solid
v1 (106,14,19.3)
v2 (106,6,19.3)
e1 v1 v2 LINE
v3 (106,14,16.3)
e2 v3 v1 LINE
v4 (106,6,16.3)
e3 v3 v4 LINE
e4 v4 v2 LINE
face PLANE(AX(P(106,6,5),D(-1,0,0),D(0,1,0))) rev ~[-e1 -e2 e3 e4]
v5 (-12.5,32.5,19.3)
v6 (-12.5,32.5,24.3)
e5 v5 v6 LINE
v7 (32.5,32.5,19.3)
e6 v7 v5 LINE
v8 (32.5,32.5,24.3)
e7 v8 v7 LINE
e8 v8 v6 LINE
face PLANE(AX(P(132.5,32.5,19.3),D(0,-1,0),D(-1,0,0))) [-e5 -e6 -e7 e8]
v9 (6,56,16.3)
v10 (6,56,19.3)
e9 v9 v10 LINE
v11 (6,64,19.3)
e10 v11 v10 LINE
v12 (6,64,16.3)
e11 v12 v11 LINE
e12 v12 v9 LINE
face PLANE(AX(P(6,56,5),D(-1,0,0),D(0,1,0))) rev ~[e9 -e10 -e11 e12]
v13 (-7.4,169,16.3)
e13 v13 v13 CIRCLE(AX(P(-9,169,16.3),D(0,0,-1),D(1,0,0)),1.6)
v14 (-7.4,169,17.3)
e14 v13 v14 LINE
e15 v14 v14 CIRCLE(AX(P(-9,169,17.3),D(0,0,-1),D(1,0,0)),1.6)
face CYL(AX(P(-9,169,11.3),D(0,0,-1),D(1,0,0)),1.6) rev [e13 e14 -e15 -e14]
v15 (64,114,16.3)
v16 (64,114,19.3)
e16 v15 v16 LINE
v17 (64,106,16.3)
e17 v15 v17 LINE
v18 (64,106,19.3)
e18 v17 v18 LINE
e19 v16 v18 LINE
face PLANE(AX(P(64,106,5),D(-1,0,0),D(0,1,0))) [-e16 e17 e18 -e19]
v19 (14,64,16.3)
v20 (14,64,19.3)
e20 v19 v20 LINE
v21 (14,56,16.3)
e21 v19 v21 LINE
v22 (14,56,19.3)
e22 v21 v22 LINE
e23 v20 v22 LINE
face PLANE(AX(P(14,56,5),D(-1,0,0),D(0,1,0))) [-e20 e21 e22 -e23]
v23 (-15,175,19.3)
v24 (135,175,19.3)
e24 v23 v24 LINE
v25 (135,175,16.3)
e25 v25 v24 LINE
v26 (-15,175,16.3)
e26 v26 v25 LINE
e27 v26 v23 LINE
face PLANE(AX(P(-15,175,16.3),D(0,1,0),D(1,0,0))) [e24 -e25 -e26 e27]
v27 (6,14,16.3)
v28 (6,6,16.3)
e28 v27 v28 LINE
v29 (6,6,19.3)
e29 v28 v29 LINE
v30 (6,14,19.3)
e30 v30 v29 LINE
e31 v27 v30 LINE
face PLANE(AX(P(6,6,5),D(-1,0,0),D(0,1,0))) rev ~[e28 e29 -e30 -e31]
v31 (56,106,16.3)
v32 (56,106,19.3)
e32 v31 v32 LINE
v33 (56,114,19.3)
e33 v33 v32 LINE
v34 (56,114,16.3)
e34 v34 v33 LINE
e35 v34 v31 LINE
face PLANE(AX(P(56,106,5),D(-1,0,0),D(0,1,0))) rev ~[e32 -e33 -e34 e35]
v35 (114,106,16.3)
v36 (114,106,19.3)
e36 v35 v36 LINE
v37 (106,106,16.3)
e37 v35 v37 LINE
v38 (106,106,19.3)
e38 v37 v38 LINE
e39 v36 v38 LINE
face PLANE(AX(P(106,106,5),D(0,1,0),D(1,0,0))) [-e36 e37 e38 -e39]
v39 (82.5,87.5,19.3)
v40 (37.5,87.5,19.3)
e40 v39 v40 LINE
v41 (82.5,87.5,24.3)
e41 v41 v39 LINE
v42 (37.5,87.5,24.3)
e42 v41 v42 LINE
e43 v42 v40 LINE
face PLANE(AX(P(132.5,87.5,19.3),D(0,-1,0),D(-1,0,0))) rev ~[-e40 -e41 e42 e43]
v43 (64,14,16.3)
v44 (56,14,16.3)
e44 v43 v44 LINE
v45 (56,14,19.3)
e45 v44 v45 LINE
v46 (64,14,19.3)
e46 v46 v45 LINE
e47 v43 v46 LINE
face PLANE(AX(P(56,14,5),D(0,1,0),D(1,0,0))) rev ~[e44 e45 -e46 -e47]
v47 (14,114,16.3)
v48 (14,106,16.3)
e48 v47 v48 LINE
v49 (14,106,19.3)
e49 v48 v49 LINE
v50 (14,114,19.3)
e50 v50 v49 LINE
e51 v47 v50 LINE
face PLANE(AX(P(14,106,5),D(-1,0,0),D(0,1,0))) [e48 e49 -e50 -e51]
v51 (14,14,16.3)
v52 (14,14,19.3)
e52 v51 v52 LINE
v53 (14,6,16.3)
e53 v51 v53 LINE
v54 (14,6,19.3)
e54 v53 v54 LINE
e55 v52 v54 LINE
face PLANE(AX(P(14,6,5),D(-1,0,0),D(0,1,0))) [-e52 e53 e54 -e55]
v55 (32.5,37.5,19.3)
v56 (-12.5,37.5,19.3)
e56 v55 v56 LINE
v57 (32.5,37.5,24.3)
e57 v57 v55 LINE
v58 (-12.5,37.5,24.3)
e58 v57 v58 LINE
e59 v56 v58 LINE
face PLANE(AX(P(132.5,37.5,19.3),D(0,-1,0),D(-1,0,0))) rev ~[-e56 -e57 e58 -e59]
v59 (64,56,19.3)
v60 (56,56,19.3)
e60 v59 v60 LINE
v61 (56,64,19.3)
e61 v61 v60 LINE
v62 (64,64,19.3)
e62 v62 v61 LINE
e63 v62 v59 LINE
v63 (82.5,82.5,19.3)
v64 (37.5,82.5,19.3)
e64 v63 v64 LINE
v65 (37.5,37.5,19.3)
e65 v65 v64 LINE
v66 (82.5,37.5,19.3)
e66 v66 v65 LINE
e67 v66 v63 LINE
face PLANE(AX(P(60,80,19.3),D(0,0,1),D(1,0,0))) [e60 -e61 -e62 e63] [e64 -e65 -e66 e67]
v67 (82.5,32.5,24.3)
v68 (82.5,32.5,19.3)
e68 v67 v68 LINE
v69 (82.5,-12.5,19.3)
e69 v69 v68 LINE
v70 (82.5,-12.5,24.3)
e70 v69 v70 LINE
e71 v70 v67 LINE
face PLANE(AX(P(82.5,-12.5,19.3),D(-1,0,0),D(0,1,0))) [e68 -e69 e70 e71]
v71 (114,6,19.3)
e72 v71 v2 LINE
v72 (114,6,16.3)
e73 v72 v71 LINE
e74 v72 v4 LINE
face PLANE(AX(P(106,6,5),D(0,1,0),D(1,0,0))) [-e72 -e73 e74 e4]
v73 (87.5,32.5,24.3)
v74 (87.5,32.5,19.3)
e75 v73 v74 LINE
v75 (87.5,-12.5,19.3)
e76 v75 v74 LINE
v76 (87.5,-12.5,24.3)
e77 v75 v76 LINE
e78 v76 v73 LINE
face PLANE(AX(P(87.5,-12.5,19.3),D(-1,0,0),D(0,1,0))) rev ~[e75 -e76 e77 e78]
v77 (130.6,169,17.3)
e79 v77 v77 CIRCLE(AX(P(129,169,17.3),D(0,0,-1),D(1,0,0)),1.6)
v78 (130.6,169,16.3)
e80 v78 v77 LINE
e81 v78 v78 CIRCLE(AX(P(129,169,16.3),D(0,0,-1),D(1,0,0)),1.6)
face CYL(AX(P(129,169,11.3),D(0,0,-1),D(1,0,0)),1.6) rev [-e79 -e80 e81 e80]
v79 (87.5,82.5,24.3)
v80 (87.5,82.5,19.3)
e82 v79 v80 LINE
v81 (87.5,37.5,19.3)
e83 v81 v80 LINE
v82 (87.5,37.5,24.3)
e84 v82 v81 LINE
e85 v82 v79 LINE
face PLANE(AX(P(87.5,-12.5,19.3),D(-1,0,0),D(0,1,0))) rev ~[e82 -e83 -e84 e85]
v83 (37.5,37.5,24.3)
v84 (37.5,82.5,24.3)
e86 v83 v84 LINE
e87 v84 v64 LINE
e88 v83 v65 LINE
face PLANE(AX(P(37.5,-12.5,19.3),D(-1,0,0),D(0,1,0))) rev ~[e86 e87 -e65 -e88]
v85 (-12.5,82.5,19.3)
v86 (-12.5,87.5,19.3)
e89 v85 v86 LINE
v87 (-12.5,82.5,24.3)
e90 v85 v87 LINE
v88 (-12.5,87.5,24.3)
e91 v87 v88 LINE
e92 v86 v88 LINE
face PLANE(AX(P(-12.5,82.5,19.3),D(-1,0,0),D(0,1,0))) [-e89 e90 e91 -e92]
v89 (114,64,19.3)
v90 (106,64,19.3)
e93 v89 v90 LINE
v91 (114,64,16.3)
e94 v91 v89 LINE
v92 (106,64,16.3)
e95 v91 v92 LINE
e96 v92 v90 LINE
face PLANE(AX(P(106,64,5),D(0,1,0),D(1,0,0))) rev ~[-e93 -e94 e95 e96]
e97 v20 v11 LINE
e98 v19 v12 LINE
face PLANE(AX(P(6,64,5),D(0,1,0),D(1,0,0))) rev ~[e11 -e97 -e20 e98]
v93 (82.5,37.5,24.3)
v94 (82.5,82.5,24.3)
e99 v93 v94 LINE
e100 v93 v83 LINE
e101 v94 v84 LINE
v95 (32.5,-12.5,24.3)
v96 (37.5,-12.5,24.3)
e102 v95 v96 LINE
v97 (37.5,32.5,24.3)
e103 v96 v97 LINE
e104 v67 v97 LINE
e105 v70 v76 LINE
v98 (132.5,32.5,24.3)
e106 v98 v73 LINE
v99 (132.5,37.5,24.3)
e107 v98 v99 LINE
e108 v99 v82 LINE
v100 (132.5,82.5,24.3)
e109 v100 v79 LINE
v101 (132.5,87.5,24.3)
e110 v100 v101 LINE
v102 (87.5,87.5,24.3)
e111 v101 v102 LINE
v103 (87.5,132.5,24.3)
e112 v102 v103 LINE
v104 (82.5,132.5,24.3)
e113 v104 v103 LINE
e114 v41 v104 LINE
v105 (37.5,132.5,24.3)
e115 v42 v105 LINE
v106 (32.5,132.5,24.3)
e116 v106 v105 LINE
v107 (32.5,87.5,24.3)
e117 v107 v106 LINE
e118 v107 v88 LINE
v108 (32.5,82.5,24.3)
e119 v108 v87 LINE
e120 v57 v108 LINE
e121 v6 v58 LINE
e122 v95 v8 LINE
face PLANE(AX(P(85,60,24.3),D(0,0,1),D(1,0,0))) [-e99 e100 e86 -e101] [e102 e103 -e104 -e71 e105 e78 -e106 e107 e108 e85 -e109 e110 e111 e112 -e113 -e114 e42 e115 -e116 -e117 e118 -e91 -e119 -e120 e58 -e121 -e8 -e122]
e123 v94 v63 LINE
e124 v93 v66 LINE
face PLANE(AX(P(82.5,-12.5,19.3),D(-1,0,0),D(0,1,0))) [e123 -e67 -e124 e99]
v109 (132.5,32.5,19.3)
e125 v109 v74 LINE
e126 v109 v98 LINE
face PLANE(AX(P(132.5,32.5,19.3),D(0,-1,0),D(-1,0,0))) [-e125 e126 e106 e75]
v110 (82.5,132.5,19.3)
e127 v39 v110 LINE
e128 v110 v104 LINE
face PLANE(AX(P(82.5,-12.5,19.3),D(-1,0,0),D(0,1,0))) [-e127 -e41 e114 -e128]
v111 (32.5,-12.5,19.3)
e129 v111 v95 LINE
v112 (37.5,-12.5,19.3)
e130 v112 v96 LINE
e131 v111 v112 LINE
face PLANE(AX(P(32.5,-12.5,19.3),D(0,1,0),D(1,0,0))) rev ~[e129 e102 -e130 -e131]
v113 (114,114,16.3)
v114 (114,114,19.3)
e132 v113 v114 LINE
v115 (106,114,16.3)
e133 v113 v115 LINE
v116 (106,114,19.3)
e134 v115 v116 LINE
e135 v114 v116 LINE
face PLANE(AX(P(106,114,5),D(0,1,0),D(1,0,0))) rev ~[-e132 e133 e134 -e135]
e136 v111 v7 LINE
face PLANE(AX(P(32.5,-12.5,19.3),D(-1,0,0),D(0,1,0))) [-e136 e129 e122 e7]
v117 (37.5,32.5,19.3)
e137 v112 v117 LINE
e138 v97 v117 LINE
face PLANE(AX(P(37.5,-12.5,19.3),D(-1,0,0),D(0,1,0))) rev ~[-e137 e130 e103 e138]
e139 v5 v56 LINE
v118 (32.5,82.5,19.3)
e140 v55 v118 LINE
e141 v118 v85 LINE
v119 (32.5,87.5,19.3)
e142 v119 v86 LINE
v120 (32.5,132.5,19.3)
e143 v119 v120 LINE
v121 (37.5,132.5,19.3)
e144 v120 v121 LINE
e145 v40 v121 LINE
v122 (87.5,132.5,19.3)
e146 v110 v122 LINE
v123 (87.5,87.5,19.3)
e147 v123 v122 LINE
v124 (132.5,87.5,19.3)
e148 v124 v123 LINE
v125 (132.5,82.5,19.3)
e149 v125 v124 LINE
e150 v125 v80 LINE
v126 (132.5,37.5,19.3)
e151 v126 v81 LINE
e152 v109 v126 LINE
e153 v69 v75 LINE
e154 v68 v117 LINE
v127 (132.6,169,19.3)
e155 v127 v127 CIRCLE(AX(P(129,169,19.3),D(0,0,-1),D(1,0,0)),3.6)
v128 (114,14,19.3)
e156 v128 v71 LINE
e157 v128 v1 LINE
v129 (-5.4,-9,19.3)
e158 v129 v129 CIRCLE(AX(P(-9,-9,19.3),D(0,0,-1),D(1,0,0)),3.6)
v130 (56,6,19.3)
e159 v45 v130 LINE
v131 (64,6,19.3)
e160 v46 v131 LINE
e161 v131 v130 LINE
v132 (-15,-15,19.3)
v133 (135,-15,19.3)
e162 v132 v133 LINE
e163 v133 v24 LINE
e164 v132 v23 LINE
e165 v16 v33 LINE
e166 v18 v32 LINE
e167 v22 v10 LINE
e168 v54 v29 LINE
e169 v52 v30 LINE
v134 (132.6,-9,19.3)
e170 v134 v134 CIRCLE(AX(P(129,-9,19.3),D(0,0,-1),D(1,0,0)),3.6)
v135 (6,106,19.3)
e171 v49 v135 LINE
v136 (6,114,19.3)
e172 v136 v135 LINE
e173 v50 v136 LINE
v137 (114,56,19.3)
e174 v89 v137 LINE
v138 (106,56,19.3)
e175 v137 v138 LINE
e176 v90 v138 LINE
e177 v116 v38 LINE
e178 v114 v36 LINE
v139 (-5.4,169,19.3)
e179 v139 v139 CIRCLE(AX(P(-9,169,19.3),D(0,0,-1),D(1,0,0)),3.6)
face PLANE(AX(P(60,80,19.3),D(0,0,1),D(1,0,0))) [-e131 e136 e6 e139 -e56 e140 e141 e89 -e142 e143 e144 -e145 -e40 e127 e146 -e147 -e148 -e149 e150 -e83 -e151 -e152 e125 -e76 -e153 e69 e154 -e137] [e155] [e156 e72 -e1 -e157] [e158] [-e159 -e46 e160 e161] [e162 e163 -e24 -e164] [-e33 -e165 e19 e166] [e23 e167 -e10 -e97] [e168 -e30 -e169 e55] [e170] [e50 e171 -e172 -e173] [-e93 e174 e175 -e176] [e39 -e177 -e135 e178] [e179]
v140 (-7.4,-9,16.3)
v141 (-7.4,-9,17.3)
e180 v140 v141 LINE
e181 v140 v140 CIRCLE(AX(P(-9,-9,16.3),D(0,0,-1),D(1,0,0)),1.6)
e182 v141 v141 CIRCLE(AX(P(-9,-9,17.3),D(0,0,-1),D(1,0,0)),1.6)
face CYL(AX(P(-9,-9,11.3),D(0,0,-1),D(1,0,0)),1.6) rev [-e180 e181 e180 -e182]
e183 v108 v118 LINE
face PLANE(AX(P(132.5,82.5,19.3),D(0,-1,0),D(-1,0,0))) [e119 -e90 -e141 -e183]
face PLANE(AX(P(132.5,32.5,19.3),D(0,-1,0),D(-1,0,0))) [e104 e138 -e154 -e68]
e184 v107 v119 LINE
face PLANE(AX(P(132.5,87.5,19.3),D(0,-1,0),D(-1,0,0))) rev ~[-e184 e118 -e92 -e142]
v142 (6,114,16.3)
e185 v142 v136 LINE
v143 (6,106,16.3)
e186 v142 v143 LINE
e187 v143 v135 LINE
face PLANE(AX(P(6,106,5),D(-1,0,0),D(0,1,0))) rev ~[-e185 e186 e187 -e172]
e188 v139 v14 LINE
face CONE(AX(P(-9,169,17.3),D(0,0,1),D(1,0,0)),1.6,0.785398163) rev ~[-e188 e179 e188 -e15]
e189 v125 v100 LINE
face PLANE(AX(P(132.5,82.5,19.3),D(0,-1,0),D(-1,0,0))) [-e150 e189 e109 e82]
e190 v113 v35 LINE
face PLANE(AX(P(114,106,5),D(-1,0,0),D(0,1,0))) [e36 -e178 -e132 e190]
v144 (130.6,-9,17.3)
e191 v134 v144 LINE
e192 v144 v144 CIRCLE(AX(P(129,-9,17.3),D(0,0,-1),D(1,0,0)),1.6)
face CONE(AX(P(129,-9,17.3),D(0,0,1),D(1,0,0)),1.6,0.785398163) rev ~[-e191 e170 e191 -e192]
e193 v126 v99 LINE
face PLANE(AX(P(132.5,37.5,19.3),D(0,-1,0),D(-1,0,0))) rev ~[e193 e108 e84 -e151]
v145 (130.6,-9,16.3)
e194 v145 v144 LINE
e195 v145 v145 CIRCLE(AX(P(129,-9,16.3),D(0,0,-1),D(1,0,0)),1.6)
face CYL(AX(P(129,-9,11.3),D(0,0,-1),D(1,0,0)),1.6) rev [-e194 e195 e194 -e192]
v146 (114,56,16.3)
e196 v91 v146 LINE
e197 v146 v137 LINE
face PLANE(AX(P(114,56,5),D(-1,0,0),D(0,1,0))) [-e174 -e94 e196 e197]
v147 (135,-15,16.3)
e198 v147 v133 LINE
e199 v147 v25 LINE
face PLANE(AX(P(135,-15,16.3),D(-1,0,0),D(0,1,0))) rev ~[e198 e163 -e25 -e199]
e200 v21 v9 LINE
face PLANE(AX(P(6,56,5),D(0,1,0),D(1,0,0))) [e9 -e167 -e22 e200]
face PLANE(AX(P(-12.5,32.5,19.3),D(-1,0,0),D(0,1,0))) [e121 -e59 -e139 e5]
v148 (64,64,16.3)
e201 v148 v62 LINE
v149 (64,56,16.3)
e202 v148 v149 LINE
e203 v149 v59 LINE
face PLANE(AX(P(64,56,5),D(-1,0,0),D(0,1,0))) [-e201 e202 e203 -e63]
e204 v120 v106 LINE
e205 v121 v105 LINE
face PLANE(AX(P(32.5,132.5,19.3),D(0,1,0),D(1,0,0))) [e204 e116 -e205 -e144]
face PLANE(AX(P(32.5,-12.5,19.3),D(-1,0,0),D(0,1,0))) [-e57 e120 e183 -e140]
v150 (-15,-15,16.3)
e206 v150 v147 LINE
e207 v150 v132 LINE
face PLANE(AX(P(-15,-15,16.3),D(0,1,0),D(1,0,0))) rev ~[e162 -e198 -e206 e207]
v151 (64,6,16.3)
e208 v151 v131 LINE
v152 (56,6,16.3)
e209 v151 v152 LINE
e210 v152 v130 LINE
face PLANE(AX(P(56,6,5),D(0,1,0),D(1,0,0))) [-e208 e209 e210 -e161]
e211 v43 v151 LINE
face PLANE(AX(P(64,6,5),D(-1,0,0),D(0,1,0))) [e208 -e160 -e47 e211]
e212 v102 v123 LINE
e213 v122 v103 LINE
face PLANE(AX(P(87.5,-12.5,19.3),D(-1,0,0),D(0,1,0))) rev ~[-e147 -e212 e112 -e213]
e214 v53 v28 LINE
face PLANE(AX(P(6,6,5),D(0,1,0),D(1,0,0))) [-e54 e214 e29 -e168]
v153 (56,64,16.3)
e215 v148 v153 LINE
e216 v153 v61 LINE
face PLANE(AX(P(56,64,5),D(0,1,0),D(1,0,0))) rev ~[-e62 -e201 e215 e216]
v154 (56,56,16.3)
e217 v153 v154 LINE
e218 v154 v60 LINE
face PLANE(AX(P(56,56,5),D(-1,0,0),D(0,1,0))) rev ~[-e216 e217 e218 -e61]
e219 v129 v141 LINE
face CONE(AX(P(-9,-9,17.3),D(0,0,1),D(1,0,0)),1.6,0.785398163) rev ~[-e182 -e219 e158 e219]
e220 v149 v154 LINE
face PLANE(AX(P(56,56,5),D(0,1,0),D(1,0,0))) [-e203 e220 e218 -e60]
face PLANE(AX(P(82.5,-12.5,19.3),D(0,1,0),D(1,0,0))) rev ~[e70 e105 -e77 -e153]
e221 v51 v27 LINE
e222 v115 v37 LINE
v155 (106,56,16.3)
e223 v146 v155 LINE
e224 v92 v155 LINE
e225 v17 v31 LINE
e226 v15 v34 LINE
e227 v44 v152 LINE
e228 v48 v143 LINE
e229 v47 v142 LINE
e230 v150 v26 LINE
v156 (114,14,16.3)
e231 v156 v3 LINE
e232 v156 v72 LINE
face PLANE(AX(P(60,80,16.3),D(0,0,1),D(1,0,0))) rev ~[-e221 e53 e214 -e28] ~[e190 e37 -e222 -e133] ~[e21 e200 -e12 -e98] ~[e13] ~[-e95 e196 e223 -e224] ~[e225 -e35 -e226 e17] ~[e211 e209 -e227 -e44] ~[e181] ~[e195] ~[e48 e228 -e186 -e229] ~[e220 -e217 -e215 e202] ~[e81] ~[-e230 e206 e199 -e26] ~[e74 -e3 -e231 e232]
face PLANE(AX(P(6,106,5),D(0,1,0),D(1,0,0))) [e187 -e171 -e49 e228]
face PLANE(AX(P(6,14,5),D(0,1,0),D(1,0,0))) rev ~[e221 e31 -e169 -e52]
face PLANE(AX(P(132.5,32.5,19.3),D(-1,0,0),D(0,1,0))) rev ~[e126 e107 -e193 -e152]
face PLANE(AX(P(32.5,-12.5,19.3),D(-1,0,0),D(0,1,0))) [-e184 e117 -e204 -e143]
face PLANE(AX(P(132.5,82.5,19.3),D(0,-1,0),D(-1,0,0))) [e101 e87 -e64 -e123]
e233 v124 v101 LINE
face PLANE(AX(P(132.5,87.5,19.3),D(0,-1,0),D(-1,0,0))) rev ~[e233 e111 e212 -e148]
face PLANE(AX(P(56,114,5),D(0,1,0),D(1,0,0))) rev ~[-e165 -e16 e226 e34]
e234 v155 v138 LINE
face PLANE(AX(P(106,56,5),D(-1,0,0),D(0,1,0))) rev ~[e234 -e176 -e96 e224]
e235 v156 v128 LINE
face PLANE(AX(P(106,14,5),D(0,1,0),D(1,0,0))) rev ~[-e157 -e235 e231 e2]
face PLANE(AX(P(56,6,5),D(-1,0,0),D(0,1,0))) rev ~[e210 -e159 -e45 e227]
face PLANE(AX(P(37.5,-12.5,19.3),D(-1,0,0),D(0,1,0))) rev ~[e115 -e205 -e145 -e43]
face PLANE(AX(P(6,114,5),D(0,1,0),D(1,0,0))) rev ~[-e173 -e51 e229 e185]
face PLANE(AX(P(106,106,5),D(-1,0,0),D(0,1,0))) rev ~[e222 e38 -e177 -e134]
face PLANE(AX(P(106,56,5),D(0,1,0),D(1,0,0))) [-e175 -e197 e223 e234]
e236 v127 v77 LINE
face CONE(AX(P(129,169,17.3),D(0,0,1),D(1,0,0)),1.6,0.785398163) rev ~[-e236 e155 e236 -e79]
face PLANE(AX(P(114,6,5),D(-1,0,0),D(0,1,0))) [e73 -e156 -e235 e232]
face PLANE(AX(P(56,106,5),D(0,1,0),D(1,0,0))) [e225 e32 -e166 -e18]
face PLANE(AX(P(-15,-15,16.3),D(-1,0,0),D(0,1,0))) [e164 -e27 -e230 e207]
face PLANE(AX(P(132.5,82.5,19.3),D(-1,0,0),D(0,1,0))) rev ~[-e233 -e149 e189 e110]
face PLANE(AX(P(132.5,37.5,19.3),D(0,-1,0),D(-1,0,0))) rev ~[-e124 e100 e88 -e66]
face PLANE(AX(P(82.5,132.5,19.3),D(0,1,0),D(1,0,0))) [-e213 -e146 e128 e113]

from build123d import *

# Parameters (mm, degrees)
CYLINDER006_R            = 1.6
CYLINDER006_DEPTH        = 10
BOX005_W                 = 5
BOX005_H                 = 145
BOX005_DEPTH             = 5
CLONE001_PLACEMENT_ANGLE = 90
BOX003_W                 = 8
BOX003_H                 = 8
BOX003_DEPTH             = 20
ARRAY001_X_COUNT         = 3
ARRAY001_X_PITCH         = 50
ARRAY001_Y_COUNT         = 3
ARRAY001_Y_PITCH         = 50
BOX002_W                 = 150
BOX002_H                 = 190
BOX002_DEPTH             = 3
CLONE002_PLACEMENT_ANGLE = 90
CHAMFER_SIZE             = 2


with BuildPart() as cylinder006:
    # Cylinder006 → Cylinder006 (new body)
    with BuildSketch(Plane(origin=(-9, 169, 6.3), x_dir=(1, 0, 0), z_dir=(0, 0, 1))):
        Circle(CYLINDER006_R)
    extrude(amount=CYLINDER006_DEPTH)


with BuildPart() as clone_of_cylinder007:
    # Clone007 base: copy of Cylinder006
    add(cylinder006.part)


with BuildPart() as clone_of_cylinder007_1:
    # Clone007 placement: moved
    add(clone_of_cylinder007.part.moved(Location((138, 0, 0))))


with BuildPart() as clone_of_cylinder006:
    # Clone006 base: copy of Cylinder006
    add(cylinder006.part)


with BuildPart() as clone_of_cylinder006_1:
    # Clone006 placement: moved
    add(clone_of_cylinder006.part.moved(Location((138, -178, 0))))


with BuildPart() as clone_of_fusion007:
    # Clone008 base: copy of Cylinder006
    add(cylinder006.part)


with BuildPart() as clone_of_fusion007_1:
    # Clone008 placement: moved
    add(clone_of_fusion007.part.moved(Location((0, -178, 0))))

    # Fusion007: union Clone of Cylinder007, Clone of Cylinder006, Cylinder006
    add(clone_of_cylinder007_1.part)
    add(clone_of_cylinder006_1.part)
    add(cylinder006.part)


with BuildPart() as clone_of_fusion007_2:
    # Clone009 placement: moved
    add(clone_of_fusion007_1.part.moved(Location((0, 0, 5))))


with BuildPart() as cube005:
    # Box005 → Box005 (new body)
    with BuildSketch(Plane(origin=(82.5, -12.5, 19.3), x_dir=(1, 0, 0), z_dir=(0, 0, 1))):
        with Locations((2.5, 72.5)):
            Rectangle(BOX005_W, BOX005_H)
    extrude(amount=BOX005_DEPTH)


with BuildPart() as clone_of_cube006:
    # Clone001 base: copy of Cube005
    add(cube005.part)


with BuildPart() as clone_of_cube006_1:
    # Clone001 placement: moved
    add(clone_of_cube006.part.moved(Location((120, 0, 0))).rotate(Axis((120, 0, 0), (0, 0, 1)), CLONE001_PLACEMENT_ANGLE))


with BuildPart() as clone_of_cube005:
    # Clone base: copy of Cube005
    add(cube005.part)


with BuildPart() as clone_of_cube005_1:
    # Clone placement: moved
    add(clone_of_cube005.part.moved(Location((-50, 0, 0))))


with BuildPart() as array001:
    # Box003 → Box003 (new body)
    with BuildSketch(Plane(origin=(6, 6, 5), x_dir=(1, 0, 0), z_dir=(0, 0, 1))):
        with Locations((4, 4)):
            Rectangle(BOX003_W, BOX003_H)
    extrude(amount=BOX003_DEPTH)

    # Array001 X: Array001 ×3


with BuildPart() as array001_1:
    add(array001.part)
    with Locations(*[(i * ARRAY001_X_PITCH, 0, 0) for i in range(1, ARRAY001_X_COUNT)]):
        add(array001.part)

    # Array001 Y: Array001 ×3


with BuildPart() as array001_2:
    add(array001_1.part)
    with Locations(*[(0, i * ARRAY001_Y_PITCH, 0) for i in range(1, ARRAY001_Y_COUNT)]):
        add(array001_1.part)


with BuildPart() as cut:
    # Box002 → Box002 (new body)
    with BuildSketch(Plane(origin=(-15, -15, 16.3), x_dir=(1, 0, 0), z_dir=(0, 0, 1))):
        with Locations((75, 95)):
            Rectangle(BOX002_W, BOX002_H)
    extrude(amount=BOX002_DEPTH)

    # Cut: cut Array001
    add(array001_2.part, mode=Mode.SUBTRACT)


with BuildPart() as chamfer_body:
    # Clone002 base: copy of Cube005
    add(cube005.part)


with BuildPart() as chamfer_body_1:
    # Clone002 placement: moved
    add(chamfer_body.part.moved(Location((120, -50, 0))).rotate(Axis((120, -50, 0), (0, 0, 1)), CLONE002_PLACEMENT_ANGLE))

    # Fusion005: union Clone of Cube006, Clone of Cube005, Cube005, Cut
    add(clone_of_cube006_1.part)
    add(clone_of_cube005_1.part)
    add(cube005.part)
    add(cut.part)

    # Cut005: cut Clone of Fusion007
    add(clone_of_fusion007_2.part, mode=Mode.SUBTRACT)

    # Chamfer
    chamfer_edges = [chamfer_body_1.edges().sort_by_distance(p)[0] for p in [
        (127.4, -9, 19.3),
        (-10.6, -9, 19.3),
        (127.4, 169, 19.3),
        (-10.6, 169, 19.3),
    ]]
    chamfer(chamfer_edges, length=CHAMFER_SIZE)


solid = chamfer_body_1.part
